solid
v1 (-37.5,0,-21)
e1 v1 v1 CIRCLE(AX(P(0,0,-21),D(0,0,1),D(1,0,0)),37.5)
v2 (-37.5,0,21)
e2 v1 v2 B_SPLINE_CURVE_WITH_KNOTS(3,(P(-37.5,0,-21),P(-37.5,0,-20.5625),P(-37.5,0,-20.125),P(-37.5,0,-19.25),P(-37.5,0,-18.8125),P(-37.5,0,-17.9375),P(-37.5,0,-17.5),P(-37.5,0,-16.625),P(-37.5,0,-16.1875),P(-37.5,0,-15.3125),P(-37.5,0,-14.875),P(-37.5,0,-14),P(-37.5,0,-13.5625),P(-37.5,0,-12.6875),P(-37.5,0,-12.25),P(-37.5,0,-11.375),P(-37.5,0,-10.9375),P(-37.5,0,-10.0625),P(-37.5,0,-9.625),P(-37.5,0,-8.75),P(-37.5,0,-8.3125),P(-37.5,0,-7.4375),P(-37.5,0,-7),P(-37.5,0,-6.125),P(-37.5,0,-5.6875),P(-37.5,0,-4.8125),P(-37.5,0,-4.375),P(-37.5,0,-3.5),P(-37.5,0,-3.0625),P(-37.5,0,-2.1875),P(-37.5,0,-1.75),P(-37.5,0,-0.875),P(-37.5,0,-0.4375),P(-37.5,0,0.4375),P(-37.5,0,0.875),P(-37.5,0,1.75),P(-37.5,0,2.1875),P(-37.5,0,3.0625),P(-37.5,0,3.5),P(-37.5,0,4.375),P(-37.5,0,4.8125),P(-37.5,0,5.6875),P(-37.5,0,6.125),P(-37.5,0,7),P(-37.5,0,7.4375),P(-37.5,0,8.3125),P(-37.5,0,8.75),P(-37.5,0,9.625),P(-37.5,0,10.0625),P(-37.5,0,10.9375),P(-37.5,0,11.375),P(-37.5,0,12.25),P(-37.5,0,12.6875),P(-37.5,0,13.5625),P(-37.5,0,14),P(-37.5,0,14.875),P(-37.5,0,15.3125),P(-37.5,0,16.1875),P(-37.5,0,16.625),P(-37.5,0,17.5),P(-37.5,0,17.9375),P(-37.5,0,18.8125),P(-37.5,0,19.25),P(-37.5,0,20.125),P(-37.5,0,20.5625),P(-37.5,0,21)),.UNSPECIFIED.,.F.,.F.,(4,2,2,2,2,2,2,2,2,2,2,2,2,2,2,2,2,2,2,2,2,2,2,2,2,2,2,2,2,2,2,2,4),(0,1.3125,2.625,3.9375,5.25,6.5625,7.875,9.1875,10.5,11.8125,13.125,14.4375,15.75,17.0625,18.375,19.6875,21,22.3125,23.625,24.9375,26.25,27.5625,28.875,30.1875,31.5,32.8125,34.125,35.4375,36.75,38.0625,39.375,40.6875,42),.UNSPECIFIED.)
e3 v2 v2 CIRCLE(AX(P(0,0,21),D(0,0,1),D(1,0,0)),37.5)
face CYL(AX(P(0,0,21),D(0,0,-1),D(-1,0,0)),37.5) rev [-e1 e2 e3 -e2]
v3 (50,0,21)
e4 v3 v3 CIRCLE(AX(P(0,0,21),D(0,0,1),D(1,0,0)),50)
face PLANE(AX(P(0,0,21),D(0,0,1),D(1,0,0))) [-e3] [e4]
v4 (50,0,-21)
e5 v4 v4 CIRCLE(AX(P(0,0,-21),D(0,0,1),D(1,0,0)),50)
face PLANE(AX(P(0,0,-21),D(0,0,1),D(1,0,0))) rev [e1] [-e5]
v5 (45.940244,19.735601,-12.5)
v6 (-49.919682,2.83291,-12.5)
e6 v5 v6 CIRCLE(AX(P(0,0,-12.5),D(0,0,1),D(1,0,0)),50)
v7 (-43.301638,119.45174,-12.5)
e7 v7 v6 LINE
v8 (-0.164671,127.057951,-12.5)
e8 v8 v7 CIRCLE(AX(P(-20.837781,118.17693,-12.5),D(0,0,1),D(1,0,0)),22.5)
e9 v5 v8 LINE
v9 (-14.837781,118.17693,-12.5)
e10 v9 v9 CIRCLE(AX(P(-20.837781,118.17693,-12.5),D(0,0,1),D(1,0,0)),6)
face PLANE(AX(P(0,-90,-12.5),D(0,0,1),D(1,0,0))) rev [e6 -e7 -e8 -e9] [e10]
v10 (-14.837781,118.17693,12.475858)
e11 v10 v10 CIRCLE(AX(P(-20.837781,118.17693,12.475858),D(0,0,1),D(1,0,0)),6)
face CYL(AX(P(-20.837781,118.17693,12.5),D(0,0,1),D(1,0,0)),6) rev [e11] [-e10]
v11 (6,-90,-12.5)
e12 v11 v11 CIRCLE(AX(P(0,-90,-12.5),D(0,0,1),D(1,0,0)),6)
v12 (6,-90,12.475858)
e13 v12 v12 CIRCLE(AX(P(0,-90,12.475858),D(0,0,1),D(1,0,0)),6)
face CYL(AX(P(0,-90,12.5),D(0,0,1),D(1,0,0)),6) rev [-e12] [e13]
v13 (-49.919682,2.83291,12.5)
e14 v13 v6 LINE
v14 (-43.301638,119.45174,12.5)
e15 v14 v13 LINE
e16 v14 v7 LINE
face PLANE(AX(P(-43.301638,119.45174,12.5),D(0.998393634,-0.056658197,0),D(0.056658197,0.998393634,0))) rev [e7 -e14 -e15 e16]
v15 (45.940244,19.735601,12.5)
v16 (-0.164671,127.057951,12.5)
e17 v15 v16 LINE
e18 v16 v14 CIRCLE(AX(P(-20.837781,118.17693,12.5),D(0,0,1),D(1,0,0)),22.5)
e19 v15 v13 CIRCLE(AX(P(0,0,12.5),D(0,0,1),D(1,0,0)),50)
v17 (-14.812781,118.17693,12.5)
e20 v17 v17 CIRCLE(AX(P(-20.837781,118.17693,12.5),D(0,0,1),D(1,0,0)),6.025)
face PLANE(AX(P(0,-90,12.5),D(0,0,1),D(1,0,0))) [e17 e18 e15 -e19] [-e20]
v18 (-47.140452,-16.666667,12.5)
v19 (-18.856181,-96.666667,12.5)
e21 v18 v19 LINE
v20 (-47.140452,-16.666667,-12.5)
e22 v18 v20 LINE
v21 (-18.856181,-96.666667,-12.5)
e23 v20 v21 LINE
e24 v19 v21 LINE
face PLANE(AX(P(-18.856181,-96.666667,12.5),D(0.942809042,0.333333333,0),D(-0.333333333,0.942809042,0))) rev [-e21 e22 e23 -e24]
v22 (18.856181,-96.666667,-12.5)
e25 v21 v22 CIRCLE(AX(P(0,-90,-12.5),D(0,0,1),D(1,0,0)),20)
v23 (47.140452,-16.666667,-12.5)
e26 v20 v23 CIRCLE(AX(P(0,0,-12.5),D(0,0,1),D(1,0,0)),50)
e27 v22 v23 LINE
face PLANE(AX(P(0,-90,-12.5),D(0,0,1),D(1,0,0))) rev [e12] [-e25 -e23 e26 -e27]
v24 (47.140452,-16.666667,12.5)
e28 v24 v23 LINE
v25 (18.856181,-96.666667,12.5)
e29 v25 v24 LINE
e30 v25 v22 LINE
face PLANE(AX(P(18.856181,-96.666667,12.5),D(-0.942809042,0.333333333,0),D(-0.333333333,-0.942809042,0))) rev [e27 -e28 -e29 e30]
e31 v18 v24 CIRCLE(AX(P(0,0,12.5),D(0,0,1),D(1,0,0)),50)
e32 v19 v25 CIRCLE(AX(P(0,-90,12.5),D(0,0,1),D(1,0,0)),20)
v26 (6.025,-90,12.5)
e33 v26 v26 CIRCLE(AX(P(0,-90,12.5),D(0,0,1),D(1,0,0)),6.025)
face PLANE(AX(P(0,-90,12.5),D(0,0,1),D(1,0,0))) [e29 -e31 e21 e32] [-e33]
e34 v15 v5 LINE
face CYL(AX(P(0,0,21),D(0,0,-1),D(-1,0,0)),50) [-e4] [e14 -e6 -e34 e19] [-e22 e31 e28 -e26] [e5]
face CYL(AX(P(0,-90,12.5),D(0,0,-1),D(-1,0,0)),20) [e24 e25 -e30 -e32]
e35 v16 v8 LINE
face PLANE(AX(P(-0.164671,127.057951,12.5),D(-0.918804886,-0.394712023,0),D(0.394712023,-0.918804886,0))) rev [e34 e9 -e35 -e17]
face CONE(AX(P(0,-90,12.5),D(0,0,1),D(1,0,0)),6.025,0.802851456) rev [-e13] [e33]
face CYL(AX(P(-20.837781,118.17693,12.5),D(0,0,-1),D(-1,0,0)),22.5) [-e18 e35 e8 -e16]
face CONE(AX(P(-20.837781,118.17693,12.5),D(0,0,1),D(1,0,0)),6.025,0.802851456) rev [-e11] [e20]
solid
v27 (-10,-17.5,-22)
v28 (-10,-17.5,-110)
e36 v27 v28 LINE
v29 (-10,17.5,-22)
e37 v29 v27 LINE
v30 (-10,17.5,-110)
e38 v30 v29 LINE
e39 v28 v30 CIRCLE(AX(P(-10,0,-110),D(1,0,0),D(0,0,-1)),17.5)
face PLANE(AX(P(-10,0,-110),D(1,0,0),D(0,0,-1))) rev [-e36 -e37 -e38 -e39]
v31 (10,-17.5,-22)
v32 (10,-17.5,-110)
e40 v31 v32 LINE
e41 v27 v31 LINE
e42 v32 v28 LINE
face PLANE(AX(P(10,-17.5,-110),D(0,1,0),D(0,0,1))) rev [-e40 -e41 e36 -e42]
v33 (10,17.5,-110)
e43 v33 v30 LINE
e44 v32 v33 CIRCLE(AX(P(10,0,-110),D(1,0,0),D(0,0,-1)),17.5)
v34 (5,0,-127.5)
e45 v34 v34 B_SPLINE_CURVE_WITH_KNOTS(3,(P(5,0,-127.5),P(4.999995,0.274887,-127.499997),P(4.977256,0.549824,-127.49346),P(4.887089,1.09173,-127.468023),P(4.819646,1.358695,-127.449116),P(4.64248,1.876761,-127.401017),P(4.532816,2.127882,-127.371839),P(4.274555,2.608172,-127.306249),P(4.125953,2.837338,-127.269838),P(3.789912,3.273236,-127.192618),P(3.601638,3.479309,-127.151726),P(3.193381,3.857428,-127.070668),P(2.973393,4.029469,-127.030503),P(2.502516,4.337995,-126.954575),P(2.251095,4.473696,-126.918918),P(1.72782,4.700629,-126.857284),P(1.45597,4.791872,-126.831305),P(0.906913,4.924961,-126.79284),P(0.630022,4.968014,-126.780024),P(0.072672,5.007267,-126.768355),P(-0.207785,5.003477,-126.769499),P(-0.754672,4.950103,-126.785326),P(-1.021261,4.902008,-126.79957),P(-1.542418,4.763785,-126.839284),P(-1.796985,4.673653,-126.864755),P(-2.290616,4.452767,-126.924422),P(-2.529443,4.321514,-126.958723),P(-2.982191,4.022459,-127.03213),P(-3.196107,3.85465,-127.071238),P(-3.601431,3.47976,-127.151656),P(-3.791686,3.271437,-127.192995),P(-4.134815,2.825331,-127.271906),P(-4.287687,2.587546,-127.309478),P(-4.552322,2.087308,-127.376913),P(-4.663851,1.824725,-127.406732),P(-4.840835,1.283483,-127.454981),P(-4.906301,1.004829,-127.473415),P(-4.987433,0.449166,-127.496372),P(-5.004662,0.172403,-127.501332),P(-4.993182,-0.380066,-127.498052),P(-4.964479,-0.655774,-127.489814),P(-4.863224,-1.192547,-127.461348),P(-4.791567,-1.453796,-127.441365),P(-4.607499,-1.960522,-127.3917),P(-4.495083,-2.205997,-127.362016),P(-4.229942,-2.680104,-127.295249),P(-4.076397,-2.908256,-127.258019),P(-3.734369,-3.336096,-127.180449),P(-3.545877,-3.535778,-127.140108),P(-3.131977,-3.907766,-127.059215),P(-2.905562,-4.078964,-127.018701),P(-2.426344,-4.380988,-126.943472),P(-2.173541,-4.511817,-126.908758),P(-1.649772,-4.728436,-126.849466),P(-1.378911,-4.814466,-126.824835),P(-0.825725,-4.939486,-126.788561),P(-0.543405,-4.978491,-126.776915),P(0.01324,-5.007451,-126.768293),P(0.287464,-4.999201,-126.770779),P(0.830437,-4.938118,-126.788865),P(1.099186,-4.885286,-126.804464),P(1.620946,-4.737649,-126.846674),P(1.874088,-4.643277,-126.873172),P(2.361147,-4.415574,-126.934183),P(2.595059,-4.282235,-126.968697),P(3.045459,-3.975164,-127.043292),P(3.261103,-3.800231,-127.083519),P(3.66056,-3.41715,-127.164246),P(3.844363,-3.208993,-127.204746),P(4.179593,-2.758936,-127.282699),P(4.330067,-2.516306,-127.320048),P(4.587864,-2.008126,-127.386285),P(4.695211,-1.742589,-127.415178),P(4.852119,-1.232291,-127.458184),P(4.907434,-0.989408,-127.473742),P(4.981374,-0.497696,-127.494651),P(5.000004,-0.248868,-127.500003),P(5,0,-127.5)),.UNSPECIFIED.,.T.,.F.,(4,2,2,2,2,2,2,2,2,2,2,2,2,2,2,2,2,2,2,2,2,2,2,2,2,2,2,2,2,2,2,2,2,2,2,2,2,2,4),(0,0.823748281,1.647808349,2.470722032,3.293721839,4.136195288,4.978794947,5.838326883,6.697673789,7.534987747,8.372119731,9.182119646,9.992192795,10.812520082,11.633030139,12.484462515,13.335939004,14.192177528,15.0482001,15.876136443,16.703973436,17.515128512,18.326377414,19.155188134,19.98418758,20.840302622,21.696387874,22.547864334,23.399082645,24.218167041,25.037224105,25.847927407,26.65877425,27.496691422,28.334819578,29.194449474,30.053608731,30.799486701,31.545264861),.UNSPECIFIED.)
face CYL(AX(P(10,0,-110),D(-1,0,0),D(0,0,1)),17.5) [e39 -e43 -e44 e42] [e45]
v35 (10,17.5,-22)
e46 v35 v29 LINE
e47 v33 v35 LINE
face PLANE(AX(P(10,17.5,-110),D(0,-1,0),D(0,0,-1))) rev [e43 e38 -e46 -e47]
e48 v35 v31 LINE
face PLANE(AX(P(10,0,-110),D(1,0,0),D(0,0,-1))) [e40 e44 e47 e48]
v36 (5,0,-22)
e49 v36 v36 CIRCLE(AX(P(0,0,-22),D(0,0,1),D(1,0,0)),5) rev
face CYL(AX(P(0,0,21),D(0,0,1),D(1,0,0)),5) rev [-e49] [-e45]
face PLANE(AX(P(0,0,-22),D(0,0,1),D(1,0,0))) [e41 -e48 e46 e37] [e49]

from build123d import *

# Parameters (mm, degrees)
IZIM1_R                         = 50
IZIM1_R_2                       = 37.5
Y_KSEKLIK_EKSTR_ZYON1_DEPTH     = 21
Y_KSEKLIK_EKSTR_ZYON2_DEPTH     = 12.5
Y_KSEKLIK_EKSTR_ZYON6_DEPTH     = 10
F_12_0_12_AP_DELIK2_D           = 12
F_12_0_12_AP_DELIK2_CSINK_D     = 12.05
F_12_0_12_AP_DELIK2_CSINK_ANGLE = 92
F_10_0_10_AP_DELIK1_D           = 10
F_10_0_10_AP_DELIK1_CSINK_D     = 10.05
F_10_0_10_AP_DELIK1_CSINK_ANGLE = 92
KES_EKSTR_ZYON2_DEPTH           = 197.331986088
KES_EKSTR_ZYON2_DEPTH_BACK      = 21
IZIM8_R                         = 37.5
KES_EKSTR_ZYON4_DEPTH           = 197.331986088
KES_EKSTR_ZYON4_DEPTH_BACK      = 22
IZIM9_R                         = 37.5


with BuildPart() as part:
    # Çizim1 → Yükseklik-Ekstrüzyon1 (new, symmetric)
    with BuildSketch(Plane.XY):
        with Locations(Location((0, 0, 0), (0, 0, 180))):
            Circle(IZIM1_R)
        with Locations(Location((0, 0, 0), (0, 0, 180))):
            Circle(IZIM1_R_2, mode=Mode.SUBTRACT)
    extrude(amount=Y_KSEKLIK_EKSTR_ZYON1_DEPTH, both=True)

    # Çizim2 → Yükseklik-Ekstrüzyon2 (add, symmetric)
    with BuildSketch(Plane.XY):
        with BuildLine():
            Line((-43.301638089, 119.45173979), (-49.919681708, 2.832909841))
            ThreePointArc((-49.919681708, 2.832909841), (-49.499755188, -7.055085847), (-47.140452079, -16.666666667))
            Line((-47.140452079, -16.666666667), (-18.856180832, -96.666666667))
            ThreePointArc((-18.856180832, -96.666666667), (0, -110), (18.856180832, -96.666666667))
            Line((18.856180832, -96.666666667), (47.140452079, -16.666666667))
            ThreePointArc((47.140452079, -16.666666667), (49.972845482, 1.647639043), (45.940244303, 19.735601166))
            Line((45.940244303, 19.735601166), (-0.164671384, 127.057950886))
            ThreePointArc((-0.164671384, 127.057950886), (-24.744865318, 140.335104804), (-43.301638089, 119.45173979))
        make_face()
    extrude(amount=Y_KSEKLIK_EKSTR_ZYON2_DEPTH, both=True)

    # Çizim3 → Yükseklik-Ekstrüzyon6 (add, symmetric)
    with BuildSketch(Plane(origin=(0, 0, 0), x_dir=(0, 0, -1), z_dir=(1, 0, 0))):
        with BuildLine():
            Line((110, -17.5), (5.069368948, -17.5))
            Line((5.069368948, -17.5), (5.069368948, 17.5))
            Line((5.069368948, 17.5), (110, 17.5))
            ThreePointArc((110, 17.5), (127.5, 0), (110, -17.5))
        make_face()
    extrude(amount=Y_KSEKLIK_EKSTR_ZYON6_DEPTH, both=True)

    # Ø12.0 (12) Çap Delik2 (through all)
    with Locations(Plane(origin=(-20.83778132, 118.176930361, 12.5), x_dir=(1, 0, 0), z_dir=(0, 0, 1))):
        with Locations((0, 0), (20.83778132, -208.176930361)):
            CounterSinkHole(F_12_0_12_AP_DELIK2_D / 2, F_12_0_12_AP_DELIK2_CSINK_D / 2, counter_sink_angle=F_12_0_12_AP_DELIK2_CSINK_ANGLE)

    # Ø10.0 (10) Çap Delik1 (through all)
    with Locations(Plane.XY.offset(21)):
        with Locations((0, 0)):
            CounterSinkHole(F_10_0_10_AP_DELIK1_D / 2, F_10_0_10_AP_DELIK1_CSINK_D / 2, counter_sink_angle=F_10_0_10_AP_DELIK1_CSINK_ANGLE)

    # Çizim8 → Kes-Ekstrüzyon2 (cut, two sides: drawn at the far end of the back side and taken through both)
    with BuildSketch(Plane.XY.offset(-KES_EKSTR_ZYON2_DEPTH_BACK)):
        with Locations(Location((0, 0, 0), (0, 0, 180))):
            Circle(IZIM8_R)
    extrude(amount=KES_EKSTR_ZYON2_DEPTH + KES_EKSTR_ZYON2_DEPTH_BACK, mode=Mode.SUBTRACT)


with BuildPart() as kes_ekstr_zyon2_piece_1:
    # of the separate pieces the step leaves, piece 1, a body of its own (kes_ekstr_zyon2_pieces)
    add(part.part.solids().sort_by_distance((-50, 0, -21))[0])


with BuildPart() as kes_ekstr_zyon2_piece_2:
    # of the separate pieces the step leaves, piece 2, a body of its own (kes_ekstr_zyon2_pieces)
    add(part.part.solids().sort_by_distance((10, 17.5, -21))[0])

    # Çizim9 → Kes-Ekstrüzyon4 (cut, two sides: drawn at the far end of the back side and taken through both)
    with BuildSketch(Plane.XY.offset(-KES_EKSTR_ZYON4_DEPTH_BACK)):
        with Locations(Location((0, 0, 0), (0, 0, 180))):
            Circle(IZIM9_R)
    extrude(amount=KES_EKSTR_ZYON4_DEPTH + KES_EKSTR_ZYON4_DEPTH_BACK, mode=Mode.SUBTRACT)


solid = Compound([kes_ekstr_zyon2_piece_1.part, kes_ekstr_zyon2_piece_2.part])
